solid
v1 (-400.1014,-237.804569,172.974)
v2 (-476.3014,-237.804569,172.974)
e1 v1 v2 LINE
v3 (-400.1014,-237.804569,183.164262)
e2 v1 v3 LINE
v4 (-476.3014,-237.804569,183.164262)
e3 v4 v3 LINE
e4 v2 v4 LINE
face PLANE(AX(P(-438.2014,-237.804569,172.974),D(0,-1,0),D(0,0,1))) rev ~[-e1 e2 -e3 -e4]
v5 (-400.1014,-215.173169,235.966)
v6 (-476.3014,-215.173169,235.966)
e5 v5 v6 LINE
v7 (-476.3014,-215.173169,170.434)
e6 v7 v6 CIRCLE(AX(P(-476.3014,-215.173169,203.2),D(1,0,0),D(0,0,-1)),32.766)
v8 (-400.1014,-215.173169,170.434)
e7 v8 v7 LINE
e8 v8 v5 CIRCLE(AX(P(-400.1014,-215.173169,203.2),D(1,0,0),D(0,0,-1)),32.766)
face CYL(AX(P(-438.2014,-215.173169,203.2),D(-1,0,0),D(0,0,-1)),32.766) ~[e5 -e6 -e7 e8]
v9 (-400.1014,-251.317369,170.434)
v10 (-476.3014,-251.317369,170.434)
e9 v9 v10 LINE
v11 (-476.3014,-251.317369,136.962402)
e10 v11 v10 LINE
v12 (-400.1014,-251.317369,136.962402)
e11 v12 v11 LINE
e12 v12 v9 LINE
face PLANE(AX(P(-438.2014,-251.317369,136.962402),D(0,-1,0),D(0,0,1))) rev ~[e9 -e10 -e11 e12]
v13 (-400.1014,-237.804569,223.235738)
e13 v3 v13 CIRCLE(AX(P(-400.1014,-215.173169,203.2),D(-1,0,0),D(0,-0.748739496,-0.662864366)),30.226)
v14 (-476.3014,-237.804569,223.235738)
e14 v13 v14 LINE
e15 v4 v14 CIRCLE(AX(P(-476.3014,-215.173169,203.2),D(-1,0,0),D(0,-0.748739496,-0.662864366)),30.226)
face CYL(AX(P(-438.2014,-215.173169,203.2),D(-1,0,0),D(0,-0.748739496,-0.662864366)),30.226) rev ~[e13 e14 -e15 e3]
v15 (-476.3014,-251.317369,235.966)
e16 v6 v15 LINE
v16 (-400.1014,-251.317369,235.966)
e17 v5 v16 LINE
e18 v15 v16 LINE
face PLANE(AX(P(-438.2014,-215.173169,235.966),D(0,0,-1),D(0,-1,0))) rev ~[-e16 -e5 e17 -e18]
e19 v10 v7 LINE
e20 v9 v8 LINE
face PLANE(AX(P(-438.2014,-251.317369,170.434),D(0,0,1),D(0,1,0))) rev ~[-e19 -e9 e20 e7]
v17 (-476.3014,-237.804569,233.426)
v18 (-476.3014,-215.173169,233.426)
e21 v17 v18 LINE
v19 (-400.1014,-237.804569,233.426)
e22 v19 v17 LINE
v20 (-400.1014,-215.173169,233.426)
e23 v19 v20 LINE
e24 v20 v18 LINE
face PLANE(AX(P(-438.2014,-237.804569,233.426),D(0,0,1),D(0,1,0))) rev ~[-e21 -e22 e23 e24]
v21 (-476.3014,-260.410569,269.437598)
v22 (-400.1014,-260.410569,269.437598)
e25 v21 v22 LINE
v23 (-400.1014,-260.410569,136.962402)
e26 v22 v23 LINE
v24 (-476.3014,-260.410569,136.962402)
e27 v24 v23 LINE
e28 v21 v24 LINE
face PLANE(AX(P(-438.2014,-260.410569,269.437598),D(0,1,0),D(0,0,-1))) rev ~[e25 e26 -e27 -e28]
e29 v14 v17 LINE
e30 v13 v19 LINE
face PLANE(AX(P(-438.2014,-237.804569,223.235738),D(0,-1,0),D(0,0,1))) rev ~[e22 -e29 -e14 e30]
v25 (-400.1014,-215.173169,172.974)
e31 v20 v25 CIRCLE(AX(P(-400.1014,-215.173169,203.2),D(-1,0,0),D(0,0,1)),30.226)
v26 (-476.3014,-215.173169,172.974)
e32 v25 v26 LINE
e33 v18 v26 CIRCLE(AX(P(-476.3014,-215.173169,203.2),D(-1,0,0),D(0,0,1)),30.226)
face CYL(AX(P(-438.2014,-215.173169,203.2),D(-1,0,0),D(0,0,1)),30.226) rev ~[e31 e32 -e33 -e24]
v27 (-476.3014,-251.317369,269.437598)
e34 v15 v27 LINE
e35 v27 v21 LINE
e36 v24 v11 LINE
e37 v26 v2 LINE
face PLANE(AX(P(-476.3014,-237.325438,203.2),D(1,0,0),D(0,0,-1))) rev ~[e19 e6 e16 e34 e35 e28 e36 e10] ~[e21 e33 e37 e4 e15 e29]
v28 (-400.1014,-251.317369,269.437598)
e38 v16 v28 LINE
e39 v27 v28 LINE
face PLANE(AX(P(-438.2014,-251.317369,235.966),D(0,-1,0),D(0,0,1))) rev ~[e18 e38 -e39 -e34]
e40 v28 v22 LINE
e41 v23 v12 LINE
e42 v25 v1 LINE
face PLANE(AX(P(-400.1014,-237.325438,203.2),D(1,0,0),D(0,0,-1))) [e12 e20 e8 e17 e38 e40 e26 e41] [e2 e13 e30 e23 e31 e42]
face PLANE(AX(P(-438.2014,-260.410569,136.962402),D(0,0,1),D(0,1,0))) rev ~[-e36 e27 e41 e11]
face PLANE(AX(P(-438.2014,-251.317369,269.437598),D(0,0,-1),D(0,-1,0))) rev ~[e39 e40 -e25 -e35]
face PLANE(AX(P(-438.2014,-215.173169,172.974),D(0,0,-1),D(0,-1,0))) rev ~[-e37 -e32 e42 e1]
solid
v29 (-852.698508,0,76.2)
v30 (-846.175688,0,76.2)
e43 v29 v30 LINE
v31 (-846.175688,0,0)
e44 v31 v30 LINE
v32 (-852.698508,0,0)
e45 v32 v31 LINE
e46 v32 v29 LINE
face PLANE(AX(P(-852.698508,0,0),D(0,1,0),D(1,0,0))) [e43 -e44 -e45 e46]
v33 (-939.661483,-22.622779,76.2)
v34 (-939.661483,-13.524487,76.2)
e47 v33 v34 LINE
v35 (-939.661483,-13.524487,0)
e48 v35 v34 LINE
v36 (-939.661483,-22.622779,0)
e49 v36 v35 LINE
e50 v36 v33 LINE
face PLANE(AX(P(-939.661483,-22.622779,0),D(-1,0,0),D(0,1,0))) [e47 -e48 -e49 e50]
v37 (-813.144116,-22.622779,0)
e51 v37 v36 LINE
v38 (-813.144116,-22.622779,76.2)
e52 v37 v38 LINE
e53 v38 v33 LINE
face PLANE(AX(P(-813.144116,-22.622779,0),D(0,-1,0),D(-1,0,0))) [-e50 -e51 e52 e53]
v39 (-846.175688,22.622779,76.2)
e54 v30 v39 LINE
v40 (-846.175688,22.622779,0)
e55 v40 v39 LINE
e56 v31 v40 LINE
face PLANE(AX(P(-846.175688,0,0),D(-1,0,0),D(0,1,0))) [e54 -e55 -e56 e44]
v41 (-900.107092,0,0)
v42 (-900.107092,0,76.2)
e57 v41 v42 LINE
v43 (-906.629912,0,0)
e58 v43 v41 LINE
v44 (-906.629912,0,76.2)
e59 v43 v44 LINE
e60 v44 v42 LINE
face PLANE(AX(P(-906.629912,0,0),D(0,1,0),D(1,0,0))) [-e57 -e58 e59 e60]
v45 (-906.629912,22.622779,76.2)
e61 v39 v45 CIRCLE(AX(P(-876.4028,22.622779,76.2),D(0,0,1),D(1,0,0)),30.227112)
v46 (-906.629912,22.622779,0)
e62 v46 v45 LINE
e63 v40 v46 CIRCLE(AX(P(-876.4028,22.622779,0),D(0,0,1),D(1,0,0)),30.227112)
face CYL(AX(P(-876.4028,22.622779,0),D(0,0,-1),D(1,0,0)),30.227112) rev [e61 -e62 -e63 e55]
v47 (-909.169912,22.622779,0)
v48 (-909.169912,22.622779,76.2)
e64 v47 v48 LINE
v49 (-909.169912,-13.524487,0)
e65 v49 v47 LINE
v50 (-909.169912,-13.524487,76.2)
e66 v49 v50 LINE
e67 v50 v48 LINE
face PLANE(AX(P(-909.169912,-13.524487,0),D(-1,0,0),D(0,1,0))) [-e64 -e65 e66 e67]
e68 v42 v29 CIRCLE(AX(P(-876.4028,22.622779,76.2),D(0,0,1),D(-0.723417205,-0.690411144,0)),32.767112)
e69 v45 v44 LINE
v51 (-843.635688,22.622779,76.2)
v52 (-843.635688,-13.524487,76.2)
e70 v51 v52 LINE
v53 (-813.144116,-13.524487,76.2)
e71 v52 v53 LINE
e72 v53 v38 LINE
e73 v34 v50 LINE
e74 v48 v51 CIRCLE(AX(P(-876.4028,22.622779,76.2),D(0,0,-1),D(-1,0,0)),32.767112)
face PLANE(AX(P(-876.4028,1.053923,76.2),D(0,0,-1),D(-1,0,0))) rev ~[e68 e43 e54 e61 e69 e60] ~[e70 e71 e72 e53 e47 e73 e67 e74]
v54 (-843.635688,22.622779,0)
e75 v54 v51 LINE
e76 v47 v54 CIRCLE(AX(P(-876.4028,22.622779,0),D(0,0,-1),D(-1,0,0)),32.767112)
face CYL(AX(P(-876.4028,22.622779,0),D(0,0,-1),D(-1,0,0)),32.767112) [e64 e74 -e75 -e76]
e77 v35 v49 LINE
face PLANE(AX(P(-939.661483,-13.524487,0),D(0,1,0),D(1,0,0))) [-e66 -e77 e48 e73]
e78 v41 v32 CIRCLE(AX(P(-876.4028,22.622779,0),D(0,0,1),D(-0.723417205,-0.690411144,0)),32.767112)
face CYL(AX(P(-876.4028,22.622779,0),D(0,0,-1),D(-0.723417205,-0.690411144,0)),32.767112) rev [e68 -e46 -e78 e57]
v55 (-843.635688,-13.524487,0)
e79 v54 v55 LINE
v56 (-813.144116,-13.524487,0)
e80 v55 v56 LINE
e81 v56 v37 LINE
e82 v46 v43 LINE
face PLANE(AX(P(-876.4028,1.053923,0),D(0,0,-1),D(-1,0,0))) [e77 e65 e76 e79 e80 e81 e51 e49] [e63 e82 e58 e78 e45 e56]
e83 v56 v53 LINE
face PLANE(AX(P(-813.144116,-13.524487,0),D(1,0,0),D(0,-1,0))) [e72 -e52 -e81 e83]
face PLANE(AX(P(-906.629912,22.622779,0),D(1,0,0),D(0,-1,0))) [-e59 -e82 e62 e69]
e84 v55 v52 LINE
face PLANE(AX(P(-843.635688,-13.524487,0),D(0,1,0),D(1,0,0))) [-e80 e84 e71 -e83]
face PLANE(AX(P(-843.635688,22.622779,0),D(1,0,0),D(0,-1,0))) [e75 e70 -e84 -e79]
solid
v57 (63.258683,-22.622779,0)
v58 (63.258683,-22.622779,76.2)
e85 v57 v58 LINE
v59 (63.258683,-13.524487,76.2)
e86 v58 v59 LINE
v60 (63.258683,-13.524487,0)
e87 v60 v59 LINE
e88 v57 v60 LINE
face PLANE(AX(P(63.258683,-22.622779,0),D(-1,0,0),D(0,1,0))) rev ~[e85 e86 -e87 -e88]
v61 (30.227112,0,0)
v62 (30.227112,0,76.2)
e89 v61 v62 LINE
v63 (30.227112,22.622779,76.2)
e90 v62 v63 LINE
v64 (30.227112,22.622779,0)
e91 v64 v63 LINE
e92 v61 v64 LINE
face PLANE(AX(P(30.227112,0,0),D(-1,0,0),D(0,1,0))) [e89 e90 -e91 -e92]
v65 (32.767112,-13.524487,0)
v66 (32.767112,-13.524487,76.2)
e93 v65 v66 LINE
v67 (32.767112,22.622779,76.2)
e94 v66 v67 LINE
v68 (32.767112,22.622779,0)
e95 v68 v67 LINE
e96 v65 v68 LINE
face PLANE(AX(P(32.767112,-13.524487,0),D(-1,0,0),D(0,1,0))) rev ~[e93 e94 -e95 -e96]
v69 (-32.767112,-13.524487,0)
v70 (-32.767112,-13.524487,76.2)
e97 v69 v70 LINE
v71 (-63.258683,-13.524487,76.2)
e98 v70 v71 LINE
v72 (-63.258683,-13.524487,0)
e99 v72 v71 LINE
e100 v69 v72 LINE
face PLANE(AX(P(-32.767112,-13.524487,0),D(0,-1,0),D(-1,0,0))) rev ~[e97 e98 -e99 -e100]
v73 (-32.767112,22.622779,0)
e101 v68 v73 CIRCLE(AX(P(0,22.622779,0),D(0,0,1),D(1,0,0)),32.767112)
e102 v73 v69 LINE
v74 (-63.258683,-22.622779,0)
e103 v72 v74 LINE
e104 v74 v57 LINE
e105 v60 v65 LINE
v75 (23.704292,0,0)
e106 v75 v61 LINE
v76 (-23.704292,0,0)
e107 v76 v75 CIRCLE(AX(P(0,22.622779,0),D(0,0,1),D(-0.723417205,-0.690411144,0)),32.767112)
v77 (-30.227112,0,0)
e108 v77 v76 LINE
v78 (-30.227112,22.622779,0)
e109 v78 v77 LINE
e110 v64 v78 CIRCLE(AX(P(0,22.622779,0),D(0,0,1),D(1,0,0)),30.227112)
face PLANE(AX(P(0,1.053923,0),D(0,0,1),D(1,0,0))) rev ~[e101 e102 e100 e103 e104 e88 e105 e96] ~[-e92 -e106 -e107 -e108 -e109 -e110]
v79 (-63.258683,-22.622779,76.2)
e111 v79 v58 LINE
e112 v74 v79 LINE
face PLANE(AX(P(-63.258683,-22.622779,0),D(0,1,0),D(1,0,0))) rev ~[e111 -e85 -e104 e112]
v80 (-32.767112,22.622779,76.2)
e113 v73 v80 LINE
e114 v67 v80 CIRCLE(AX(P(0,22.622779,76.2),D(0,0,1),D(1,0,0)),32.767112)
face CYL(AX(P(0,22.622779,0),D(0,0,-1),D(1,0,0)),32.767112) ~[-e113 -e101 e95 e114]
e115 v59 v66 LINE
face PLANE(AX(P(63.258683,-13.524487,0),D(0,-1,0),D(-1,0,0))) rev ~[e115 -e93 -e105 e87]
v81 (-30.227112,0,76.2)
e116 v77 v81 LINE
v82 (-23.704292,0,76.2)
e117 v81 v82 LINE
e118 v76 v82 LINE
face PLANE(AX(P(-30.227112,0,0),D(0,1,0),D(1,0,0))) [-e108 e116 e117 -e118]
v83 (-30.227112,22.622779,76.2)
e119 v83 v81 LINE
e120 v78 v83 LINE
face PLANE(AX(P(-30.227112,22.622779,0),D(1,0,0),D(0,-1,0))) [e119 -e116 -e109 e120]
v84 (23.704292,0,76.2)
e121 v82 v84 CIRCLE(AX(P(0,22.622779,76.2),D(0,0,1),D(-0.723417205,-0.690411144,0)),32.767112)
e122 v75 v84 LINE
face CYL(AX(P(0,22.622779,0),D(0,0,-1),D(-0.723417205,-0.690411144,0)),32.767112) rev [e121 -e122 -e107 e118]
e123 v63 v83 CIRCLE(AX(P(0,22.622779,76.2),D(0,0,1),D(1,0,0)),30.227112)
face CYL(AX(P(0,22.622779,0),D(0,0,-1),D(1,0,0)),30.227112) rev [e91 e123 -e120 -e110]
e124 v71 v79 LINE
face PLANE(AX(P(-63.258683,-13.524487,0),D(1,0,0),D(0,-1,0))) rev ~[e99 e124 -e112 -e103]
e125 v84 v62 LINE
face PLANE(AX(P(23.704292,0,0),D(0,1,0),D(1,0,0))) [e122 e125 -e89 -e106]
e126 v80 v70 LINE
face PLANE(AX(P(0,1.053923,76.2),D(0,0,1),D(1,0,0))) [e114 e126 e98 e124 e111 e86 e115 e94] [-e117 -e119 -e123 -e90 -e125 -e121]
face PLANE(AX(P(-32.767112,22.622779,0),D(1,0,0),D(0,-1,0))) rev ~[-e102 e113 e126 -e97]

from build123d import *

# Parameters (mm, degrees)
EXTRUDE1_DEPTH   = 76.2
EXTRUDE1_2_DEPTH = 76.2
EXTRUDE2_DEPTH   = 38.1


with BuildPart() as part:
    # Sketch3 → Extrude1 (new body)
    with BuildSketch(Plane.XY):
        with BuildLine():
            Line((32.767111669, -22.622779043), (63.258683422, -22.622779043))
            Line((63.258683422, -22.622779043), (63.258683422, -13.524487472))
            Line((63.258683422, -13.524487472), (32.767111669, -13.524487472))
            Line((32.767111669, -13.524487472), (32.767111669, 22.622779043))
            ThreePointArc((32.767111669, 22.622779043), (0, 55.389890712), (-32.767111669, 22.622779043))
            Line((-32.767111669, 22.622779043), (-32.767111669, -13.524487472))
            Line((-32.767111669, -13.524487472), (-63.258683422, -13.524487472))
            Line((-63.258683422, -13.524487472), (-63.258683422, -22.622779043))
            Line((-63.258683422, -22.622779043), (-32.767111669, -22.622779043))
            Line((-32.767111669, -22.622779043), (32.767111669, -22.622779043))
        make_face()
        with BuildLine():
            Line((-30.227111669, 0), (-23.704292342, 0))
            ThreePointArc((-23.704292342, 0), (0, -10.144332625), (23.704292342, 0))
            Line((23.704292342, 0), (30.227111669, 0))
            Line((30.227111669, 0), (30.227111669, 22.622779043))
            ThreePointArc((30.227111669, 22.622779043), (0, 52.849890712), (-30.227111669, 22.622779043))
            Line((-30.227111669, 22.622779043), (-30.227111669, 0))
        make_face(mode=Mode.SUBTRACT)
    extrude(amount=EXTRUDE1_DEPTH)


with BuildPart() as body_2:
    # Sketch3 → Extrude1 2 (new body)
    with BuildSketch(Plane.XY):
        with BuildLine():
            Line((-909.169911587, -22.622779043), (-939.661483341, -22.622779043))
            Line((-939.661483341, -22.622779043), (-939.661483341, -13.524487472))
            Line((-939.661483341, -13.524487472), (-909.169911587, -13.524487472))
            Line((-909.169911587, -13.524487472), (-909.169911587, 22.622779043))
            ThreePointArc((-909.169911587, 22.622779043), (-876.402799918, 55.389890712), (-843.63568825, 22.622779043))
            Line((-843.63568825, 22.622779043), (-843.63568825, -13.524487472))
            Line((-843.63568825, -13.524487472), (-813.144116496, -13.524487472))
            Line((-813.144116496, -13.524487472), (-813.144116496, -22.622779043))
            Line((-813.144116496, -22.622779043), (-843.63568825, -22.622779043))
            Line((-843.63568825, -22.622779043), (-909.169911587, -22.622779043))
        make_face()
        with BuildLine():
            Line((-852.698507576, 0), (-846.17568825, 0))
            Line((-846.17568825, 0), (-846.17568825, 22.622779043))
            ThreePointArc((-846.17568825, 22.622779043), (-876.402799918, 52.849890712), (-906.629911587, 22.622779043))
            Line((-906.629911587, 22.622779043), (-906.629911587, 0))
            Line((-906.629911587, 0), (-900.107092261, 0))
            ThreePointArc((-900.107092261, 0), (-876.402799918, -10.144332625), (-852.698507576, 0))
        make_face(mode=Mode.SUBTRACT)
    extrude(amount=EXTRUDE1_2_DEPTH)


with BuildPart() as body_3:
    # Sketch4 → Extrude2 (new, symmetric)
    with BuildSketch(Plane.ZY.offset(438.201399959)):
        with BuildLine():
            Line((235.966, -215.173168973), (235.966, -237.804568973))
            Line((235.966, -237.804568973), (235.966, -251.317368973))
            Line((235.966, -251.317368973), (269.437597768, -251.317368973))
            Line((269.437597768, -251.317368973), (269.437597768, -260.410568973))
            Line((269.437597768, -260.410568973), (136.962402232, -260.410568973))
            Line((136.962402232, -260.410568973), (136.962402232, -251.317368973))
            Line((136.962402232, -251.317368973), (170.434, -251.317368973))
            Line((170.434, -251.317368973), (170.434, -237.804568973))
            Line((170.434, -237.804568973), (170.434, -215.173168973))
            ThreePointArc((170.434, -215.173168973), (203.2, -182.407168973), (235.966, -215.173168973))
        make_face()
        with BuildLine():
            ThreePointArc((183.16426168, -237.804568973), (203.2, -245.399168973), (223.23573832, -237.804568973))
            Line((223.23573832, -237.804568973), (233.426, -237.804568973))
            Line((233.426, -237.804568973), (233.426, -215.173168973))
            ThreePointArc((233.426, -215.173168973), (203.2, -184.947168973), (172.974, -215.173168973))
            Line((172.974, -215.173168973), (172.974, -237.804568973))
            Line((172.974, -237.804568973), (183.16426168, -237.804568973))
        make_face(mode=Mode.SUBTRACT)
    extrude(amount=EXTRUDE2_DEPTH, both=True)


solid = Compound([part.part, body_2.part, body_3.part])
